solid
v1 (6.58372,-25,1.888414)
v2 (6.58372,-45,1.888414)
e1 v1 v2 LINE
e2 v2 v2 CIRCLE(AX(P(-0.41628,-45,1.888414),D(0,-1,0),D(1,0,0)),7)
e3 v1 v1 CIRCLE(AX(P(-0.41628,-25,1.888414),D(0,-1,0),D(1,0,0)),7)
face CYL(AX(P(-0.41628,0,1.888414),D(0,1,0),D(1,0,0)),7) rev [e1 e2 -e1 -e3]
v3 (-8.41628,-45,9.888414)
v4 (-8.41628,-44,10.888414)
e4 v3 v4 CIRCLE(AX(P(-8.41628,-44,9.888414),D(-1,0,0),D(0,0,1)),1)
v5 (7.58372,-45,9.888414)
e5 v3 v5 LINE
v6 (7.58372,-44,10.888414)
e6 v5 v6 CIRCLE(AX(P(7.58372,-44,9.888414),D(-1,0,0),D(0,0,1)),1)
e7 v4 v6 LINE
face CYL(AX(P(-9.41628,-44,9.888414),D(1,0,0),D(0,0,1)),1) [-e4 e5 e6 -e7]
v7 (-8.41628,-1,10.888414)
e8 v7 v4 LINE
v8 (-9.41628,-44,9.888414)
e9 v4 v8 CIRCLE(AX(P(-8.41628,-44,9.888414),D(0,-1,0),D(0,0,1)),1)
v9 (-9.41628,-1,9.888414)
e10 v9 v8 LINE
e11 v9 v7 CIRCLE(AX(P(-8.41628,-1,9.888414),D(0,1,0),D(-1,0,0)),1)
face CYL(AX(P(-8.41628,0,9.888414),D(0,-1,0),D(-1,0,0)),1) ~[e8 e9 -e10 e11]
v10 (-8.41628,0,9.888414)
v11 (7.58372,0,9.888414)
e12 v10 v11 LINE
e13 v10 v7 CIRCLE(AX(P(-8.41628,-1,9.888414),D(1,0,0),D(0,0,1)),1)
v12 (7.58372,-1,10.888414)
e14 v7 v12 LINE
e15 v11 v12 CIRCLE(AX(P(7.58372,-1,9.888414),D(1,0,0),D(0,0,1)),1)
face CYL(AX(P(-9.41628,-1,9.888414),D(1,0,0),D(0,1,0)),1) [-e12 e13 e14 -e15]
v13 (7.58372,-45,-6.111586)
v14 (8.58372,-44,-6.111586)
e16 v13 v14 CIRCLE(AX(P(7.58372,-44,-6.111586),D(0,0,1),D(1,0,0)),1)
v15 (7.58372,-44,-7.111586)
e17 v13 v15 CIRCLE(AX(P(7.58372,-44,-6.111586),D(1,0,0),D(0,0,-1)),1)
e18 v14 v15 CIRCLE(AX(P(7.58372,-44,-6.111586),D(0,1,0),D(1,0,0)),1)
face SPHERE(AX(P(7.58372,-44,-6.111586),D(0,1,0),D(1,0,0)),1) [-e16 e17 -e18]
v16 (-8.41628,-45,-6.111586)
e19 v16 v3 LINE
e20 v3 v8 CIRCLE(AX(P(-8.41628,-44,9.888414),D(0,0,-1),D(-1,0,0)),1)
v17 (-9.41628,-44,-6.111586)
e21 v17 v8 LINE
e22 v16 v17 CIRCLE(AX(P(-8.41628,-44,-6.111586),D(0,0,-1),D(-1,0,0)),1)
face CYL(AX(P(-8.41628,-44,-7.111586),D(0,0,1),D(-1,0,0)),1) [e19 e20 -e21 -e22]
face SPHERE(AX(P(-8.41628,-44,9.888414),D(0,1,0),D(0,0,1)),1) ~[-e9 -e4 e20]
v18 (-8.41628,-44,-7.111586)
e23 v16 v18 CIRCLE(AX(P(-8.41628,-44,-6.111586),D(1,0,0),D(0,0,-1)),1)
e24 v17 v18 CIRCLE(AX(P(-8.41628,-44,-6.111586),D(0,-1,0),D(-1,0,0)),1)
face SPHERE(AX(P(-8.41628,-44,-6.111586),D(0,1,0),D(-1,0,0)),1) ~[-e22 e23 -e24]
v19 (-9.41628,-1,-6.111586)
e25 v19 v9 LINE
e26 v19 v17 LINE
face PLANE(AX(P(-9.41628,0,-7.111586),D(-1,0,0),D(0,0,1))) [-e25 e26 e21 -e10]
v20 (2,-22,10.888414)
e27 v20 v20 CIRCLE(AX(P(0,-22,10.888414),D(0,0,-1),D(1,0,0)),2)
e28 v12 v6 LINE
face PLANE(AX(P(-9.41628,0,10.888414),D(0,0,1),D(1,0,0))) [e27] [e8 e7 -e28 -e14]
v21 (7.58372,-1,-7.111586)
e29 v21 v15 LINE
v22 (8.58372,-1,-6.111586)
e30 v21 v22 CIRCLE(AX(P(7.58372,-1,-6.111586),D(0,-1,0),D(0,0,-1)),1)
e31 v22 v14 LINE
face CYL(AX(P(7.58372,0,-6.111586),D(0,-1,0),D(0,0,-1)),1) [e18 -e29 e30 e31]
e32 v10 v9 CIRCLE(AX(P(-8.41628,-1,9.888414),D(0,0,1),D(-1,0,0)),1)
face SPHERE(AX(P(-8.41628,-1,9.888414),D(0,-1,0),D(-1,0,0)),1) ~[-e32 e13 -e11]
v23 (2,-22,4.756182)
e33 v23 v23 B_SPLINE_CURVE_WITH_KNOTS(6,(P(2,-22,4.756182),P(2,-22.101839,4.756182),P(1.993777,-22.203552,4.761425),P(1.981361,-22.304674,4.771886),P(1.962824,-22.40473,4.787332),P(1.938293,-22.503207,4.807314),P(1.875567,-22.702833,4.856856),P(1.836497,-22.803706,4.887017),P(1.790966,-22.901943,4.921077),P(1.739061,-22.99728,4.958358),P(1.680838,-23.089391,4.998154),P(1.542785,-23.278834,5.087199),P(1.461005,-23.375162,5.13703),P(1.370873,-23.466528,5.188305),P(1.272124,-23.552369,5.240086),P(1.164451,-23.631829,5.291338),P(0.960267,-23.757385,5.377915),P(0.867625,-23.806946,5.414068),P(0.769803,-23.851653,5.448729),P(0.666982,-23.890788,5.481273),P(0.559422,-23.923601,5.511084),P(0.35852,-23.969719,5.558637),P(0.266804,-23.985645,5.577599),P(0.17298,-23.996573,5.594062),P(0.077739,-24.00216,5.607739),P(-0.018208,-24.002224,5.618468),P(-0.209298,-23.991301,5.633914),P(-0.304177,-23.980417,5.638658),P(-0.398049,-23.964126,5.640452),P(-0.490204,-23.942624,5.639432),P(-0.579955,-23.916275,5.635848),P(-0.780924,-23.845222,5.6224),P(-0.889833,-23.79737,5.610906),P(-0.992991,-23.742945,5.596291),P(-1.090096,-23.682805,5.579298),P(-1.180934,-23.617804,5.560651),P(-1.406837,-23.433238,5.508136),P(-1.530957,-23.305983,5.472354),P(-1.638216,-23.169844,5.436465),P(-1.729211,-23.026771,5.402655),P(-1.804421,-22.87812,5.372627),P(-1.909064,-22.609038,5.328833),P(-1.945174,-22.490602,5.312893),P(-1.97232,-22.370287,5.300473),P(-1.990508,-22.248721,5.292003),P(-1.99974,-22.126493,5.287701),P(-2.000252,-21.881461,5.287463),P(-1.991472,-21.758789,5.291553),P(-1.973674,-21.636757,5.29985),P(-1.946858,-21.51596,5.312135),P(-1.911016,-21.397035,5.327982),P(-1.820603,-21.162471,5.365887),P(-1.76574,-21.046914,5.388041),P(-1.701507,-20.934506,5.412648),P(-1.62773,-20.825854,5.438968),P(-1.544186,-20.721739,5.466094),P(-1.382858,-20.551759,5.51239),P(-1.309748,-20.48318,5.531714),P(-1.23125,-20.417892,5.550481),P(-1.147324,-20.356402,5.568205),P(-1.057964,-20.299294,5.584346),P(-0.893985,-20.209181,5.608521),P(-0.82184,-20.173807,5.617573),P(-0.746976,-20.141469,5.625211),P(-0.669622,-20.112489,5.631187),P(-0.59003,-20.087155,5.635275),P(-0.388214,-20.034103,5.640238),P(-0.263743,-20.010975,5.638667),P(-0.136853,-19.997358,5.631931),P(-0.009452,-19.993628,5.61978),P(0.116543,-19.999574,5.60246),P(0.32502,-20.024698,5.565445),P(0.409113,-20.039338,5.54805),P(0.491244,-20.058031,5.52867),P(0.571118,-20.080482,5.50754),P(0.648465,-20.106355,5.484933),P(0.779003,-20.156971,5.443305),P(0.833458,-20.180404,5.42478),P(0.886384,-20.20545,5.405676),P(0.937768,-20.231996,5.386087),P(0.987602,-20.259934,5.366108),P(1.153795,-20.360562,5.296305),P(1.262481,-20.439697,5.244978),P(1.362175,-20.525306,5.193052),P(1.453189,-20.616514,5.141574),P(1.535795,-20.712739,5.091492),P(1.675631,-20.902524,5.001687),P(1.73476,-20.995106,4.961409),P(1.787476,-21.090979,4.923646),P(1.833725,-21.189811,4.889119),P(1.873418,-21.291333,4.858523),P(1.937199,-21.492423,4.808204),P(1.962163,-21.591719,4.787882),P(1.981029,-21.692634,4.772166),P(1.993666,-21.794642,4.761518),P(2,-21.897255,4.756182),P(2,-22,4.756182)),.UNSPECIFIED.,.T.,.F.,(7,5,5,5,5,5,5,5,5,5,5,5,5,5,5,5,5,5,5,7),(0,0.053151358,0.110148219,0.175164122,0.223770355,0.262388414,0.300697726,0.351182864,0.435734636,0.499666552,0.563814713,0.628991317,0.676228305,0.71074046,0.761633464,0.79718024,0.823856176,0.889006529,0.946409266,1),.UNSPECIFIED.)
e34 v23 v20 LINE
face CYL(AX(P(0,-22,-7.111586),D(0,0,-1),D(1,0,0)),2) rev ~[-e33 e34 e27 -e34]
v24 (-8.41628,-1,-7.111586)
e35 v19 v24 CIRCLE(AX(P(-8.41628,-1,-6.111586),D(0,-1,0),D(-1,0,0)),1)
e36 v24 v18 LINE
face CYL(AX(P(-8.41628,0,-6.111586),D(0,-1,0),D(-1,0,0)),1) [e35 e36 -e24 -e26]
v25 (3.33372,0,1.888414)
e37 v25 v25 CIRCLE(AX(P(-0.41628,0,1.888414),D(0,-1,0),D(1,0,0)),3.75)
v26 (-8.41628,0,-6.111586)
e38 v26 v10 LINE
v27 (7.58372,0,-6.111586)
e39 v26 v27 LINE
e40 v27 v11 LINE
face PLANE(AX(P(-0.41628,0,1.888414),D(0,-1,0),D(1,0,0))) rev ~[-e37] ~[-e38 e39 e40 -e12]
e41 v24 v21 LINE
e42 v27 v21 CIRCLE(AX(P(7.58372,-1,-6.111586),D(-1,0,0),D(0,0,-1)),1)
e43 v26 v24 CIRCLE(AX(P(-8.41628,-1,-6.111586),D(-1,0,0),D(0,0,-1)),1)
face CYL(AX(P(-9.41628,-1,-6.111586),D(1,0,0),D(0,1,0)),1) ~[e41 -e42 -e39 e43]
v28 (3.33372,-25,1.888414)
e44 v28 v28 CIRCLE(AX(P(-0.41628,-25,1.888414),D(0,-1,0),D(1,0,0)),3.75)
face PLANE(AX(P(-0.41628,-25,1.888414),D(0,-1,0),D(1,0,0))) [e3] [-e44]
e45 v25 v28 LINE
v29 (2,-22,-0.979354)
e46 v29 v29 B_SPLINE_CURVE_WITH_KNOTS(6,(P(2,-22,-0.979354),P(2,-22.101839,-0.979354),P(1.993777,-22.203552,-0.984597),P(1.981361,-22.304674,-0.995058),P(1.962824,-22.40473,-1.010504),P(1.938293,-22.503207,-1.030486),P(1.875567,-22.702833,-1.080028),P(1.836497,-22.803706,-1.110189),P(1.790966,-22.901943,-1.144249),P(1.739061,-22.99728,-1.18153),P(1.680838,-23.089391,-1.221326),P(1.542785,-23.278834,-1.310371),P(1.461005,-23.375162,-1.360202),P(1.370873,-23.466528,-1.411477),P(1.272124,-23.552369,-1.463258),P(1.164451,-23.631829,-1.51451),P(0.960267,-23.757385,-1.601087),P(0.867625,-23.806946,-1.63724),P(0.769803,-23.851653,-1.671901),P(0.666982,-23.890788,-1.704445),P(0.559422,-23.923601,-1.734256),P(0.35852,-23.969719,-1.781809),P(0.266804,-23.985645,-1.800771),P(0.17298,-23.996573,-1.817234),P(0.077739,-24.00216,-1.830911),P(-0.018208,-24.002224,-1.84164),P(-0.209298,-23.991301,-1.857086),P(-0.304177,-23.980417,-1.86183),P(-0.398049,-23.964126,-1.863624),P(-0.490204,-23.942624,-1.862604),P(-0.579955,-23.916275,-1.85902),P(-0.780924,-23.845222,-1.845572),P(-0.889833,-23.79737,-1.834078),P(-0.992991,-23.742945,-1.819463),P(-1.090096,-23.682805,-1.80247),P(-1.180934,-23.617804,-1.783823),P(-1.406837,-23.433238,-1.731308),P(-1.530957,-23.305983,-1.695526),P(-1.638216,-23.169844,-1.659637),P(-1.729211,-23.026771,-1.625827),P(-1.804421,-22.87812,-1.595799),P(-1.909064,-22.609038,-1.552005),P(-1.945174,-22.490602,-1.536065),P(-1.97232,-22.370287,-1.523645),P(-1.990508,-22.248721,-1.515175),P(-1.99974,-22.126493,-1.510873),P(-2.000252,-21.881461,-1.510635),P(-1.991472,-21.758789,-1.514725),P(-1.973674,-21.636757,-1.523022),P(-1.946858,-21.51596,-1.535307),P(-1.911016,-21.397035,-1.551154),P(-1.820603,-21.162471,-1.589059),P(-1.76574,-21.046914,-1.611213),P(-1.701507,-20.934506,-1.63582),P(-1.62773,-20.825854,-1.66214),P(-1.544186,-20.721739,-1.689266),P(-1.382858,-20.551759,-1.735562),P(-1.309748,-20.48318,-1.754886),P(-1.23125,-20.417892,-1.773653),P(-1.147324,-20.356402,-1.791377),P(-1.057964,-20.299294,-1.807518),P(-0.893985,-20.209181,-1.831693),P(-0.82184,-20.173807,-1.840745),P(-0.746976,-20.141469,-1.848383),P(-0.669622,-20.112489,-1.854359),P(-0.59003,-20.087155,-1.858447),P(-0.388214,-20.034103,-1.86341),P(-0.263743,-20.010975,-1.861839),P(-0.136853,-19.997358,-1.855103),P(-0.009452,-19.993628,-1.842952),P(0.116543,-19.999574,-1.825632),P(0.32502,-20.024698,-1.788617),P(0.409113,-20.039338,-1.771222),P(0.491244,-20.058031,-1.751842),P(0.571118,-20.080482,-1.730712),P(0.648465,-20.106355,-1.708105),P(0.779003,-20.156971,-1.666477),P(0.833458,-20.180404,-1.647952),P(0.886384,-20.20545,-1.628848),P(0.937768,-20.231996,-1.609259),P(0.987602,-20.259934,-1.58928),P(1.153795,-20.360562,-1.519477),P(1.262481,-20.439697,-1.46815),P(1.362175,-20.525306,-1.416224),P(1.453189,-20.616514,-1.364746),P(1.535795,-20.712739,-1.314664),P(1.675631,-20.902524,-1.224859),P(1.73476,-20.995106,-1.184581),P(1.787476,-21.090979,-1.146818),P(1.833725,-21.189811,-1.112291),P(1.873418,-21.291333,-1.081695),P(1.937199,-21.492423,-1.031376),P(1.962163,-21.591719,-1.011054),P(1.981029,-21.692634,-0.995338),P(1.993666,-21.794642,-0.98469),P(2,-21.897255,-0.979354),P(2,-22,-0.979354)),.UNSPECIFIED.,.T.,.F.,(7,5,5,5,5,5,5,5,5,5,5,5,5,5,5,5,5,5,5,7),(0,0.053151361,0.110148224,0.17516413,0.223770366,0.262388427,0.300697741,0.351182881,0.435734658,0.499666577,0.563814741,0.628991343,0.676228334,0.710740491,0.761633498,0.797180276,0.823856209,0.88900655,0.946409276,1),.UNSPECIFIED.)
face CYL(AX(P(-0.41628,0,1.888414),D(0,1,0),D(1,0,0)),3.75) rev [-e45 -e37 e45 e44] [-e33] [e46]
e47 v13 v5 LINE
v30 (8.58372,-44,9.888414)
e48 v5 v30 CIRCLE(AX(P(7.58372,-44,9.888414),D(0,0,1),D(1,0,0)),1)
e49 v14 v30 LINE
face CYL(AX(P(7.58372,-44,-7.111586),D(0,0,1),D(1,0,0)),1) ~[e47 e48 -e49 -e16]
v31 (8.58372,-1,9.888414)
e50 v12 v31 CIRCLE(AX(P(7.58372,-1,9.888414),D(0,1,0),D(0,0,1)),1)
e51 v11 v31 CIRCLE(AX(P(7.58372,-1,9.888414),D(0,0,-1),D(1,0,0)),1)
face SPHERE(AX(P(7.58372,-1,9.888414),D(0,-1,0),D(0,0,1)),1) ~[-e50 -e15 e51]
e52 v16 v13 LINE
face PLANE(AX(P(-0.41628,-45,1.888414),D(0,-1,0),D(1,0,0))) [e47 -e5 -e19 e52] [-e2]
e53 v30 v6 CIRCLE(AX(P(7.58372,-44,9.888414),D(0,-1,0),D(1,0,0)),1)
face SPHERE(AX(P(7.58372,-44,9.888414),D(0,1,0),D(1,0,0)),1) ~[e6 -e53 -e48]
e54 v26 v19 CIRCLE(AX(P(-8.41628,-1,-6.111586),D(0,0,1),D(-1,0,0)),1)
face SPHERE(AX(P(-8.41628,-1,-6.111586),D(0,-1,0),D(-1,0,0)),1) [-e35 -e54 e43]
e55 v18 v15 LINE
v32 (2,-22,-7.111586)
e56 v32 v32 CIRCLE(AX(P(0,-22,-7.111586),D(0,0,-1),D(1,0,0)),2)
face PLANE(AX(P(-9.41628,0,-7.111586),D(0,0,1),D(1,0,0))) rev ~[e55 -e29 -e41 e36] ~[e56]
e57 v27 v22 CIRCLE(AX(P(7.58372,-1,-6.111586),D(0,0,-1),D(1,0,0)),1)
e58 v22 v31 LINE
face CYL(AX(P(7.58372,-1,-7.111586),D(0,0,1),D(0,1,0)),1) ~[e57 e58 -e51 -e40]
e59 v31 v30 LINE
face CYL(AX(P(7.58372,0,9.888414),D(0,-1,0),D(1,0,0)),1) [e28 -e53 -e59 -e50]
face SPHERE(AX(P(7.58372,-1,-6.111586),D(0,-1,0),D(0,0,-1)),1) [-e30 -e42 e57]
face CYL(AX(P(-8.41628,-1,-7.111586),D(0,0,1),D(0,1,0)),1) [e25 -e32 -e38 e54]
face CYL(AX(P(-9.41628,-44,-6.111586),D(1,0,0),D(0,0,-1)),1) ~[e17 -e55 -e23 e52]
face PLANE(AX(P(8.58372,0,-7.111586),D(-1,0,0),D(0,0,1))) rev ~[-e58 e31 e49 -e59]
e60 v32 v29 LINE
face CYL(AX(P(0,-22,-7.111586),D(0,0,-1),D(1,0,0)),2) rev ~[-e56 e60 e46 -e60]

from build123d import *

# Parameters (mm, degrees)
F0_W     = 18
F0_H     = 18
F0_R     = 7
F1_DEPTH = 45
F0_R_2   = 3.75
F2_DEPTH = 25
F3_R     = 2
F4_DEPTH = 25
F5_R     = 1


with BuildPart() as f1:
    # F0 (on Front) → F1 (new body)
    with BuildSketch(Plane.XZ):
        with Locations((-0.41628, 1.888414)):
            Rectangle(F0_W, F0_H)
        with Locations((-0.41628, 1.888414)):
            Circle(F0_R, mode=Mode.SUBTRACT)
    extrude(amount=F1_DEPTH)

    # F0 (on Front) → F2 (join)
    with BuildSketch(Plane.XZ):
        with Locations((-0.41628, 1.888414)):
            Circle(F0_R)
        with Locations((-0.41628, 1.888414)):
            Circle(F0_R_2, mode=Mode.SUBTRACT)
    extrude(amount=F2_DEPTH)

    # F3 (on face) → F4 (cut)
    with BuildSketch(Plane(origin=(0, 0, -7.111586), x_dir=(1, 0, 0), z_dir=(0, 0, -1))):
        with Locations((0, 22)):
            Circle(F3_R)
    extrude(amount=-F4_DEPTH, mode=Mode.SUBTRACT)

    # F5
    f5_edges = [f1.edges().sort_by_distance(p)[0] for p in [
        (-9.41628, -22.5, -7.111586),
        (8.58372, -22.5, -7.111586),
        (-9.41628, -22.5, 10.888414),
        (8.58372, -22.5, 10.888414),
        (-9.41628, 0, 1.888414),
        (-0.41628, 0, 10.888414),
        (-0.41628, 0, -7.111586),
        (8.58372, 0, 1.888414),
        (8.58372, -45, 1.888414),
        (-0.41628, -45, 10.888414),
        (-9.41628, -45, 1.888414),
        (-0.41628, -45, -7.111586),
    ]]
    fillet(f5_edges, radius=F5_R)


solid = f1.part
